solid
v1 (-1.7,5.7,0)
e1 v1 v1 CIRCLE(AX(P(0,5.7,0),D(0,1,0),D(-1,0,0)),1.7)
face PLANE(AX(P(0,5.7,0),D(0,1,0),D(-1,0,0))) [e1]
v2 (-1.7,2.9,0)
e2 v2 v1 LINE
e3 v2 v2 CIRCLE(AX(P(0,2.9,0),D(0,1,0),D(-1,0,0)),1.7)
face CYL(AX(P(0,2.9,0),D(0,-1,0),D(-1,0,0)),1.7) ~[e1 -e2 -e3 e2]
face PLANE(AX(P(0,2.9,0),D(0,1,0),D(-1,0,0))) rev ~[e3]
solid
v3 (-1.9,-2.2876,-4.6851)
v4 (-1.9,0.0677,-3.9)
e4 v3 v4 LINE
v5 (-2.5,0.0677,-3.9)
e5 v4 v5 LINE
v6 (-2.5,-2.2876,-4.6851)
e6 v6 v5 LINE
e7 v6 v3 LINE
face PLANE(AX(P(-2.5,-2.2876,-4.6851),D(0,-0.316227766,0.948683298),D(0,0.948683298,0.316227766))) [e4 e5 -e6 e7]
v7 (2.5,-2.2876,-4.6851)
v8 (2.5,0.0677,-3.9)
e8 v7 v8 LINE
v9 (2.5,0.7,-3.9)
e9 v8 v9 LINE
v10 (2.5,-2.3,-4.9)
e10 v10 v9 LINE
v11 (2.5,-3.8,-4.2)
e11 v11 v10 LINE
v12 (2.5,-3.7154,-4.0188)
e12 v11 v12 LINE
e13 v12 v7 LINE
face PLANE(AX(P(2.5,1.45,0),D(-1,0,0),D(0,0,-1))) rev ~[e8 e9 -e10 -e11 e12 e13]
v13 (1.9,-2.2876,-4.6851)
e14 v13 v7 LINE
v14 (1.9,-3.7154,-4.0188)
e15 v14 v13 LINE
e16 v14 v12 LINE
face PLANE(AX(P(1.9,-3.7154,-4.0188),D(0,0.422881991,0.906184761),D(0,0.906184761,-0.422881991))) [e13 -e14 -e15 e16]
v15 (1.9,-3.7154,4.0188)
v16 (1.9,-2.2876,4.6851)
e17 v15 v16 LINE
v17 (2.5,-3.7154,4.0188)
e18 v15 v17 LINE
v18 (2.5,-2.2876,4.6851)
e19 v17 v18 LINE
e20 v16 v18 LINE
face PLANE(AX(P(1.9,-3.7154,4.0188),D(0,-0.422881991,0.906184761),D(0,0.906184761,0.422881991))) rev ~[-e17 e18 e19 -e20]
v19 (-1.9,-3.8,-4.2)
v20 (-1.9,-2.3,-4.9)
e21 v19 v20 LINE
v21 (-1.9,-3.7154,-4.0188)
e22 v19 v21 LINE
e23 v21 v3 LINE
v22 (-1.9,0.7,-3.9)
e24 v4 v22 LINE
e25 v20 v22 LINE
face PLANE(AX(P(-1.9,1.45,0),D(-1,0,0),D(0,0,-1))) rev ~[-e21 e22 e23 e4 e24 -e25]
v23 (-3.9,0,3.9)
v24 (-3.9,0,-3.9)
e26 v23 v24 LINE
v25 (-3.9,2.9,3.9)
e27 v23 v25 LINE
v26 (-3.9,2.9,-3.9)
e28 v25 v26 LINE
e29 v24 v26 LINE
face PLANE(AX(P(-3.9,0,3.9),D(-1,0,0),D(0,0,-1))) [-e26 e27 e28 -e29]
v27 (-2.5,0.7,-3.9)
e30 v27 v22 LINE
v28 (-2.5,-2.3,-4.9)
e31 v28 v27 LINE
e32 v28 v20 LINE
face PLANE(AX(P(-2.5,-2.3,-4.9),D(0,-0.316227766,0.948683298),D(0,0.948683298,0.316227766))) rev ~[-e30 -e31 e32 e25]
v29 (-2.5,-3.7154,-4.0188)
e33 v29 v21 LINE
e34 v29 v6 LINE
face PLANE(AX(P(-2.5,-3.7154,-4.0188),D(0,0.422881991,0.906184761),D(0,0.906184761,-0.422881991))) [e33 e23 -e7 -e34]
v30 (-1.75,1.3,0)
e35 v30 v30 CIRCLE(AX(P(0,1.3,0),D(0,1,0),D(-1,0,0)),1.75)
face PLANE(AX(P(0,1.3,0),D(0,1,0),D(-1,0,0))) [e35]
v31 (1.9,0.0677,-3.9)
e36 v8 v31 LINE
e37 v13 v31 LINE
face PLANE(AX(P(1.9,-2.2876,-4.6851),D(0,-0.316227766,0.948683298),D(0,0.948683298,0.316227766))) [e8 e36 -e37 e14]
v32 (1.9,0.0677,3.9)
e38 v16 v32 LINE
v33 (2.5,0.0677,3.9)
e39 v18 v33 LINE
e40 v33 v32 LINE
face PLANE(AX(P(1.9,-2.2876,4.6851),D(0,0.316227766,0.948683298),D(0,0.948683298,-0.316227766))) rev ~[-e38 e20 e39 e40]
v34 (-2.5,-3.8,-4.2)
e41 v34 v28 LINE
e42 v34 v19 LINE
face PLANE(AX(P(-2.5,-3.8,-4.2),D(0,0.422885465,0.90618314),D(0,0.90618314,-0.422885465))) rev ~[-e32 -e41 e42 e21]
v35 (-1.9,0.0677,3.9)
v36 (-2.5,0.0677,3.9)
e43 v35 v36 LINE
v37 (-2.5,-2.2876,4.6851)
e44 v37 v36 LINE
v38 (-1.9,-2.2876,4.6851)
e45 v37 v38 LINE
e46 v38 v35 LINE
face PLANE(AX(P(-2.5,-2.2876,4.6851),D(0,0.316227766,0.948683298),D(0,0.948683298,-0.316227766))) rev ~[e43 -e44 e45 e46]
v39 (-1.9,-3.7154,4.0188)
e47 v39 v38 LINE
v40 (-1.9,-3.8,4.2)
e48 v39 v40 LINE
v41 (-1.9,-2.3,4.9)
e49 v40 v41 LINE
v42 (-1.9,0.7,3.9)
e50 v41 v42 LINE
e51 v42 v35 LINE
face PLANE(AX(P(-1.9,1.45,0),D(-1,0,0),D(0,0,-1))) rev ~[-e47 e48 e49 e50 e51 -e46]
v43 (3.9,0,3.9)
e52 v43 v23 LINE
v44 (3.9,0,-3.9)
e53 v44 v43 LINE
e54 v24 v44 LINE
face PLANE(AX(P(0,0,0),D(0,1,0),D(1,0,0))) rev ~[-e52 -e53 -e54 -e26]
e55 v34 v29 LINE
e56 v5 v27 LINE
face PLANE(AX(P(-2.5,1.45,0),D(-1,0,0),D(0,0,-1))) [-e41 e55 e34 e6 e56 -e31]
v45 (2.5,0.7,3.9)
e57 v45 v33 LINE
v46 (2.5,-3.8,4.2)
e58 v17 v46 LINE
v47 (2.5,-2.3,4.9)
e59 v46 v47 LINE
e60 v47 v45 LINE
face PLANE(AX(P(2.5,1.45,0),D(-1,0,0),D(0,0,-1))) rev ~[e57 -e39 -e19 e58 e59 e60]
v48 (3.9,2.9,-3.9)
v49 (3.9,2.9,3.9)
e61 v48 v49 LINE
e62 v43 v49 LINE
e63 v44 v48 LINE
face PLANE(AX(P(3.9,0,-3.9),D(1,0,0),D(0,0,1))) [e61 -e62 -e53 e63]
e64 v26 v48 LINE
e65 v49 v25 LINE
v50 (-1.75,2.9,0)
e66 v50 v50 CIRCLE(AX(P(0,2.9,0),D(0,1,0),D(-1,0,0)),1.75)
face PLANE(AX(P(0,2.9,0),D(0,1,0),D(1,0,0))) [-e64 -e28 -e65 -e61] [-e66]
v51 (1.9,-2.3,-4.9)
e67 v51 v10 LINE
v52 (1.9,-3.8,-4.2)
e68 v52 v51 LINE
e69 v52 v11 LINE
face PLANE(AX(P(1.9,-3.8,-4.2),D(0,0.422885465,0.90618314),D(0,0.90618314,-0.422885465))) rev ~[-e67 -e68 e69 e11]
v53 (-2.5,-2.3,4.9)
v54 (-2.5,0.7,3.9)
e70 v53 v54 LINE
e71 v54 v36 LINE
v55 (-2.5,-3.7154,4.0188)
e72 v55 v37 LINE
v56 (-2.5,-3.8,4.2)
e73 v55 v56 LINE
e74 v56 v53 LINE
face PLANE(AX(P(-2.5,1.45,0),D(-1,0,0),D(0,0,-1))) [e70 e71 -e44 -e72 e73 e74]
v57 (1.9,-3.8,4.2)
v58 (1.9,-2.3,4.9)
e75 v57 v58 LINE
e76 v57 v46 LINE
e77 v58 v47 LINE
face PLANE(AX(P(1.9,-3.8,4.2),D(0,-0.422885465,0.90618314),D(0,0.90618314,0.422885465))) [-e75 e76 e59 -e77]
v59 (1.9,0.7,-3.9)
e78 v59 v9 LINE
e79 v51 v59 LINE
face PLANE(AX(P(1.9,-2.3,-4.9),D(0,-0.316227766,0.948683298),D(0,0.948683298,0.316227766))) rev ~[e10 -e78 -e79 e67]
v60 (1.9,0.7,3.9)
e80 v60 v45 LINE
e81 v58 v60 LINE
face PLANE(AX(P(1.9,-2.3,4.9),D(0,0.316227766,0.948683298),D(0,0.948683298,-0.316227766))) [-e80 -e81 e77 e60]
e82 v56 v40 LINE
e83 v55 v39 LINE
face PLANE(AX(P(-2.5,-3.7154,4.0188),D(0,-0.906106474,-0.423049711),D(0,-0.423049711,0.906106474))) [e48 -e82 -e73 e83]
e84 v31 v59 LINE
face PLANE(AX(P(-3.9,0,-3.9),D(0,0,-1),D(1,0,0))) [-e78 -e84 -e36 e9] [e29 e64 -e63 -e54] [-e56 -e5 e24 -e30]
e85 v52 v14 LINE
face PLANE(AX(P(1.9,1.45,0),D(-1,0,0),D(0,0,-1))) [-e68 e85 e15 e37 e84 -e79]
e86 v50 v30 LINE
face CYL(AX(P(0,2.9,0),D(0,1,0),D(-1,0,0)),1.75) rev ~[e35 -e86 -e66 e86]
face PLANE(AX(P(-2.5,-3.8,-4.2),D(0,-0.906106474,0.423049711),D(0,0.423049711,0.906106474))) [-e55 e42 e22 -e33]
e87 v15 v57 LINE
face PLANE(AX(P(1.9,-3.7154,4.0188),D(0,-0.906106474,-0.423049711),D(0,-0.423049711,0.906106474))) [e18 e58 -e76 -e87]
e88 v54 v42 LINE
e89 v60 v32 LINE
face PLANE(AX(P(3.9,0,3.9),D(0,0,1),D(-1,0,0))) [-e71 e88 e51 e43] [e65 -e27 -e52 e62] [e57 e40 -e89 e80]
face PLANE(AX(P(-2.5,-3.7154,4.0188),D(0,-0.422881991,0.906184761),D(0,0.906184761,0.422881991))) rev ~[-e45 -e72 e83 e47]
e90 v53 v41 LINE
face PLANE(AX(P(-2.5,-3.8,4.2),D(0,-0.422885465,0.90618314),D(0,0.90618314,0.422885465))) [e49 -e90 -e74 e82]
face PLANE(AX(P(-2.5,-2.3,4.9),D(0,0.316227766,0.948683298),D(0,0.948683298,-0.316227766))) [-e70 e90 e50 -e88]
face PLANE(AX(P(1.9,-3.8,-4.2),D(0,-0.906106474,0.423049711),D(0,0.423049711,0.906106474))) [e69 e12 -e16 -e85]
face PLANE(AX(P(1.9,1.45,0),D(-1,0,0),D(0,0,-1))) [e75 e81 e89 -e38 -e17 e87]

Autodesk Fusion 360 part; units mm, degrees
sketch "Sketch1" plane through (0, 0, 0) normal (0, 1, 0) x (1, 0, 0) in component "Base"
  line L0 (3.9, -3.9) -> (-3.9, -3.9)
  line L1 (-3.9, -3.9) -> (-3.9, 3.9)
  line L2 (-3.9, 3.9) -> (3.9, 3.9)
  line L3 (3.9, 3.9) -> (3.9, -3.9)
  line L4 (3.9, -3.9) -> (-3.9, 3.9) construction
  line L5 (-3.9, -3.9) -> (3.9, 3.9) construction
  dimension "d1" = 7.8
  dimension "d2" = 7.8
extrude "Extrude1" add sketch "Sketch1" along normal blind 2.9 makes body 1 in component "Base"
ref_plane "WorkPlane1" through (-3.9, 1.45, 0) normal (-1, 0, 0) x (0, 0, 1) in component "Base"
sketch "Sketch2" plane through (-3.9, 1.45, 0) normal (-1, 0, 0) x (0, 0, -1) in component "Base"
  line L0 (-3.9, 1.45) -> (3.9, 1.45) construction
  line L1 (-3.9, 1.45) -> (-4.9, 1.45) construction
  line L2 (-4.9, 1.45) -> (-4.9, 5.25) construction
  line L3 (3.9, 1.45) -> (4.9, 1.45) construction
  line L4 (4.9, 1.45) -> (4.9, 5.25) construction
  line L5 (-4.9, 5.25) -> (-4.2, 5.25) construction
  line L6 (4.9, 5.25) -> (4.2, 5.25) construction
  line L7 (4.9, 5.25) -> (4.9, 3.75) construction
  line L8 (-4.9, 5.25) -> (-4.9, 3.75) construction
  line L9 (-3.9, 1.45) -> (-3.9, 0.75) construction
  line L10 (3.9, 1.45) -> (3.9, -1.45) construction
  line L11 (-3.9, 0.75) -> (3.9, 0.75) construction
  line L12 (4.2, 5.25) -> (4.9, 3.75)
  line L13 (4.9, 3.75) -> (3.9, 0.75)
  line L14 (-4.2, 5.25) -> (-4.9, 3.75)
  line L15 (-4.9, 3.75) -> (-3.9, 0.75)
  line L16 (-4.0188, 5.1654) -> (-4.6851, 3.7376)
  line L17 (-4.6851, 3.7376) -> (-3.7103, 0.8132)
  line L18 (4.0188, 5.1654) -> (4.6851, 3.7376)
  line L19 (4.6851, 3.7376) -> (3.7103, 0.8132)
  line L20 (4.2, 5.25) -> (4.0188, 5.1654)
  line L21 (-4.0188, 5.1654) -> (-4.2, 5.25)
  line L22 (-3.9, 0.75) -> (-3.7103, 0.8132)
  line L23 (3.9, 0.75) -> (3.7103, 0.8132)
  point P0 (-3.9, 1.45)
  dimension "d6" = 1
  dimension "d7" = 3.8
  dimension "d8" = 1
  dimension "d9" = 3.8
  dimension "d10" = 0.7
  dimension "d11" = 0.7
  dimension "d12" = 1.5
  dimension "d13" = 1.5
  dimension "d14" = 0.7
  dimension "d15" = -0.2
  dimension "d16" = 0.2
extrude "Extrude2" add sketch "Sketch2" along normal blind -6.4 and the other way blind 5.8 separate body makes body 2 at (2.1, -1.3, -4.5667) makes body 3 at (2.1, -1.3, 4.5667) in component "Base"
extrude "Extrude3" add sketch "Sketch2" along normal blind -2 and the other way blind 1.4 separate body makes body 4 at (-2.3, -1.3, 4.5667) makes body 5 at (-2.3, -1.3, -4.5667) in component "Base"
combine "Combine1" operation add target body 1 tool bodies 4 3 2 5 in component "Base"
sketch "Sketch1 (2)" plane through (0, 2.9, 0) normal (0, 1, 0) x (-1, 0, 0) in component "Button"
  line L0 (-3.9, -3.9) -> (3.9, -3.9)
  line L1 (3.9, -3.9) -> (3.9, 3.9)
  line L2 (3.9, 3.9) -> (-3.9, 3.9)
  line L3 (-3.9, 3.9) -> (-3.9, -3.9)
  circle A0 centre (0, 0) radius 1.7
  dimension "d25" = 3.4
extrude "Extrude1'" add sketch "Sketch1 (2)" along normal blind 2.8 separate body contours A0 makes body 6 in component "Button"
sketch "Sketch3" plane through (0, 2.9, 0) normal (0, 1, 0) x (-1, 0, 0) in component "Base"
  line L0 (-3.9, -3.9) -> (3.9, -3.9)
  line L1 (3.9, -3.9) -> (3.9, 3.9)
  line L2 (3.9, 3.9) -> (-3.9, 3.9)
  line L3 (-3.9, 3.9) -> (-3.9, -3.9)
  circle A0 centre (0, 0) radius 1.75
  dimension "d28" = 3.5
extrude "Extrude4" cut sketch "Sketch3" against normal blind 1.6 contours A0 bodies 1 in component "Base"
component "Base" placed x (1, 0, 0) y (0, 1, 0) z (0, 0, 1) at (0, 0, 0)
component "Button" placed x (1, 0, 0) y (0, 1, 0) z (0, 0, 1) at (0, 0, 0)
equation "d17 = -7.80 mm + 1.4 mm"
equation "d19 = 6.4 mm - 0.6 mm"
